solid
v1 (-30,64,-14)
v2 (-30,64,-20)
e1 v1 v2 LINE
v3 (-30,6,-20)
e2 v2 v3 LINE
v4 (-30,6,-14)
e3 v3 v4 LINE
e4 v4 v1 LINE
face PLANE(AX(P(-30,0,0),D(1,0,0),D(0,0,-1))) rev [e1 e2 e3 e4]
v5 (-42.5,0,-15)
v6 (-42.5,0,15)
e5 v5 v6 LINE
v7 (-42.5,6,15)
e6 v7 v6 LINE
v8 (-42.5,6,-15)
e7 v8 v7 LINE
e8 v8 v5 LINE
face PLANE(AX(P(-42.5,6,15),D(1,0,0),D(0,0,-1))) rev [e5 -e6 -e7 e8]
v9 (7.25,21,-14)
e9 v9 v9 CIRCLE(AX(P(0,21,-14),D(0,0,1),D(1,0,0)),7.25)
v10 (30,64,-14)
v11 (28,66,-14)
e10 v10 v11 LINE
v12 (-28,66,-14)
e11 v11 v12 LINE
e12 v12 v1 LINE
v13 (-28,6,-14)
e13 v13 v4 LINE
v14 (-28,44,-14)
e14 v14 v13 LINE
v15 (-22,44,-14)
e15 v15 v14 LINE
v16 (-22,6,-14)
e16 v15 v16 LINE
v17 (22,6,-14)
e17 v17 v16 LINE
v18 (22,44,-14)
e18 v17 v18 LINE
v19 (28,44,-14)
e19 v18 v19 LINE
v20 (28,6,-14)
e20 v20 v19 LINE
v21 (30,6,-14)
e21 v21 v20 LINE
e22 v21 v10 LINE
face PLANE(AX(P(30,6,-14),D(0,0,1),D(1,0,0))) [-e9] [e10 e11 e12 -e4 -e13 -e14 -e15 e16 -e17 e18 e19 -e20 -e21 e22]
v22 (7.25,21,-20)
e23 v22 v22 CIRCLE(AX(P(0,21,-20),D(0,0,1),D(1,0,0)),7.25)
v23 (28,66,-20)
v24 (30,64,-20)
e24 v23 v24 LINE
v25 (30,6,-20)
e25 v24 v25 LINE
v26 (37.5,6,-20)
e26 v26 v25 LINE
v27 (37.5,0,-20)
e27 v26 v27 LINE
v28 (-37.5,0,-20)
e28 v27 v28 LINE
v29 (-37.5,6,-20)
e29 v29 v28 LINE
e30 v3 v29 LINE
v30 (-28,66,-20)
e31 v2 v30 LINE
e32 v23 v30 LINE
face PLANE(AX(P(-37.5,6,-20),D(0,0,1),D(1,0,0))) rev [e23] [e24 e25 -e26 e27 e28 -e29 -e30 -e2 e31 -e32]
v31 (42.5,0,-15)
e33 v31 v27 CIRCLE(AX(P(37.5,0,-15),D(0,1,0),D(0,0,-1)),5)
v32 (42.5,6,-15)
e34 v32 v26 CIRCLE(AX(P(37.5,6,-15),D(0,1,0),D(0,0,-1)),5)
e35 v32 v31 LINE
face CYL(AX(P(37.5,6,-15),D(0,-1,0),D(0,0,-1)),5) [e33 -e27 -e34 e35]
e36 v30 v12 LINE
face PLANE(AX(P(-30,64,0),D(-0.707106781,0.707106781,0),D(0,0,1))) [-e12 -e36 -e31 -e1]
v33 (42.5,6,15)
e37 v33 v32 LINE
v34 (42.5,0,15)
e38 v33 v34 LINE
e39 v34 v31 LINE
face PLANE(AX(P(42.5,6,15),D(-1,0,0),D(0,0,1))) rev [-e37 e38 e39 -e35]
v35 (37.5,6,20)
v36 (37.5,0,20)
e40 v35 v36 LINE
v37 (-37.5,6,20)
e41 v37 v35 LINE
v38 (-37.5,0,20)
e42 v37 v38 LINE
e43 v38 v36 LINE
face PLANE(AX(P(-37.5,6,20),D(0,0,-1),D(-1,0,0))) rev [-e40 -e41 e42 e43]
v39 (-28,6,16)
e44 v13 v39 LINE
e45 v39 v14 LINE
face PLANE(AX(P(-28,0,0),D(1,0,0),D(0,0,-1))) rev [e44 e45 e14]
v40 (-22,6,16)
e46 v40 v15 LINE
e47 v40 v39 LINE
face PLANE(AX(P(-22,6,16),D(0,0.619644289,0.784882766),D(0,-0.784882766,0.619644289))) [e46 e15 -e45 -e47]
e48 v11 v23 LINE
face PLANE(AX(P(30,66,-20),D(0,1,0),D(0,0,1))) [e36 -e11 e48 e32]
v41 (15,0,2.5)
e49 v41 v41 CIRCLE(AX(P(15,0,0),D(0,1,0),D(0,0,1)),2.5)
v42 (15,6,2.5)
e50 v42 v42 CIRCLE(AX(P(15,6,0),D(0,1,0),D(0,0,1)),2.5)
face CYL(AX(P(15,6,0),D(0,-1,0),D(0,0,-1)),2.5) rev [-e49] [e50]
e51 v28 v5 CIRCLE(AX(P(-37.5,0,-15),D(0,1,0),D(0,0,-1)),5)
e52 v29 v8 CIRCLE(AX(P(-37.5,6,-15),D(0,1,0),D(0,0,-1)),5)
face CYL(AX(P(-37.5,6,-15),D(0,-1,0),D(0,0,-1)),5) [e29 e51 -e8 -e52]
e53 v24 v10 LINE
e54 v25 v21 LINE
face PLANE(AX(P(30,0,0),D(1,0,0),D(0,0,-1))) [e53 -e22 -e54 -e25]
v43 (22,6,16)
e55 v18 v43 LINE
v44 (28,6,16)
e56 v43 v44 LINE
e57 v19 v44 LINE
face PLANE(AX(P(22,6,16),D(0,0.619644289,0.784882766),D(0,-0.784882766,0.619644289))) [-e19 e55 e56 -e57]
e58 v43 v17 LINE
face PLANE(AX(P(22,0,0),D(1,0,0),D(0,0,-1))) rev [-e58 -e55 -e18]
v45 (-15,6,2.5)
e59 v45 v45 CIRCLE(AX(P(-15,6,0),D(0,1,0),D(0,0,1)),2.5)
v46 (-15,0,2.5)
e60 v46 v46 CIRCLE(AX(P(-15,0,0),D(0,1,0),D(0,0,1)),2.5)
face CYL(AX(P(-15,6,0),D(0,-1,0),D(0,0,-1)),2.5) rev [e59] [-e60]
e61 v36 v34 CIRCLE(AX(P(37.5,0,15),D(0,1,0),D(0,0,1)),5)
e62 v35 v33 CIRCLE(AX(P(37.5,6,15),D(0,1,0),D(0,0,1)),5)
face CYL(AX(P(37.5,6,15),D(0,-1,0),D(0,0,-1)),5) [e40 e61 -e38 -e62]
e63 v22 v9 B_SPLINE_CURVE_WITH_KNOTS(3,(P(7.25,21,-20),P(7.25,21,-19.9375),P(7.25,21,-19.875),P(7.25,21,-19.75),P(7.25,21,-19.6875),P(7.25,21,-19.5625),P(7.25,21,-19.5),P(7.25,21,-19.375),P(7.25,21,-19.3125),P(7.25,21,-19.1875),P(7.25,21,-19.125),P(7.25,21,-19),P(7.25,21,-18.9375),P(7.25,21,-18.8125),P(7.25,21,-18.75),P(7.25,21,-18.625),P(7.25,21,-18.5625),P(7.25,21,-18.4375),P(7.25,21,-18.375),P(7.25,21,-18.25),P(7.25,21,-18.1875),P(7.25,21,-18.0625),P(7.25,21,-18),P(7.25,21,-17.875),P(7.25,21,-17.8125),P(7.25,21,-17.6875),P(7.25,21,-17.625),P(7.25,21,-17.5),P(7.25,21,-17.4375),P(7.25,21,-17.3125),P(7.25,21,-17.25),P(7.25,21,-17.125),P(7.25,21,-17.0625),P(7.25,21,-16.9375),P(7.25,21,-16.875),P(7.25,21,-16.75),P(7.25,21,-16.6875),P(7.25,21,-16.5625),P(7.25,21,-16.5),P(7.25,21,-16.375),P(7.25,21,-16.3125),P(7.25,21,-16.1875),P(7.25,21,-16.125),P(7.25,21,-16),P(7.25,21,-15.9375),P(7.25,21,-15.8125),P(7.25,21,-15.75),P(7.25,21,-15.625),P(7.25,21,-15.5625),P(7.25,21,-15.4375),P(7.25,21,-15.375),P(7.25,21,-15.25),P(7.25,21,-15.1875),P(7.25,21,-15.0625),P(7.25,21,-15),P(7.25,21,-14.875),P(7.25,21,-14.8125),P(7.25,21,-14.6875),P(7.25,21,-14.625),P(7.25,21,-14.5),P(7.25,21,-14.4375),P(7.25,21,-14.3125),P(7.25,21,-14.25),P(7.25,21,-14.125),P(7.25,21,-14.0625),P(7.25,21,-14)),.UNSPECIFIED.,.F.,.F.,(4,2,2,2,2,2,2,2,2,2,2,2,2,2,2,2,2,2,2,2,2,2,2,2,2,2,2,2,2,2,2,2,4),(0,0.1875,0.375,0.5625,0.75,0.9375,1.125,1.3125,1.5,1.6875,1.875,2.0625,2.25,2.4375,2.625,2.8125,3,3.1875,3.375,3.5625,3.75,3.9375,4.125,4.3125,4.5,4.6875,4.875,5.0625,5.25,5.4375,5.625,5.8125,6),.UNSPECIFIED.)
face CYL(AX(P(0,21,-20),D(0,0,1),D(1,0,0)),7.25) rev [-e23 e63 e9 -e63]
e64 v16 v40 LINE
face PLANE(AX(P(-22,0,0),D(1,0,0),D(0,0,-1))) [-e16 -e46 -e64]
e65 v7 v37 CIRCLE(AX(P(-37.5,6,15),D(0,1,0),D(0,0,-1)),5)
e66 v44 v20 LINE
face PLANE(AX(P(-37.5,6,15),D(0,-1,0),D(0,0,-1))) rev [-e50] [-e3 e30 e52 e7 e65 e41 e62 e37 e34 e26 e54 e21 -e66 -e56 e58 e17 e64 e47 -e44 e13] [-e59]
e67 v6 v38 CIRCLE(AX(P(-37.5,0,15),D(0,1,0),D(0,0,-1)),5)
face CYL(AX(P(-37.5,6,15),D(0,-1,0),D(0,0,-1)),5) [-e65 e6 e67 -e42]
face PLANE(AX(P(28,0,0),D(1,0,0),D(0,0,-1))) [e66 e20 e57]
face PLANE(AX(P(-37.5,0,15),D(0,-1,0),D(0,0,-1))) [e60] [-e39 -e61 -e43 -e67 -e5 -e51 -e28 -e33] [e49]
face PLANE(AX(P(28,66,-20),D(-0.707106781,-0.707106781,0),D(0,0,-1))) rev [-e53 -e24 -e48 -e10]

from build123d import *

# Parameters (mm, degrees)
SKETCH1_R           = 2.5
BOSS_EXTRUDE1_DEPTH = 6
BOSS_EXTRUDE2_START = -12.5
SKETCH2_W           = 6
SKETCH2_H           = 60
BOSS_EXTRUDE2_DEPTH = 60
BOSS_EXTRUDE3_START = -2
BOSS_EXTRUDE3_DEPTH = 6
BOSS_EXTRUDE4_START = -2
BOSS_EXTRUDE4_DEPTH = 6
SKETCH6_R           = 7.25
CUT_EXTRUDE1_DEPTH  = 86.546770833
CHAMFER3_SIZE       = 2


with BuildPart() as part:
    # Sketch1 → Boss-Extrude1 (new body)
    with BuildSketch(Plane(origin=(0, 0, 0), x_dir=(1, 0, 0), z_dir=(0, 1, 0))):
        with BuildLine():
            Line((-37.5, -20), (37.5, -20))
            ThreePointArc((37.5, -20), (41.035533906, -18.535533906), (42.5, -15))
            Line((42.5, -15), (42.5, 15))
            ThreePointArc((42.5, 15), (41.035533906, 18.535533906), (37.5, 20))
            Line((37.5, 20), (-37.5, 20))
            ThreePointArc((-37.5, 20), (-41.035533906, 18.535533906), (-42.5, 15))
            Line((-42.5, 15), (-42.5, -15))
            ThreePointArc((-42.5, -15), (-41.035533906, -18.535533906), (-37.5, -20))
        make_face()
        with Locations(Location((-15, 0, 0), (0, 0, 270))):
            Circle(SKETCH1_R, mode=Mode.SUBTRACT)
        with Locations(Location((15, 0, 0), (0, 0, 270))):
            Circle(SKETCH1_R, mode=Mode.SUBTRACT)
    extrude(amount=BOSS_EXTRUDE1_DEPTH)

    # Sketch2 → Boss-Extrude2 (add)
    with BuildSketch(Plane.ZY.offset(42.5).offset(BOSS_EXTRUDE2_START)):
        with Locations((-17, 36)):
            Rectangle(SKETCH2_W, SKETCH2_H)
    extrude(amount=-BOSS_EXTRUDE2_DEPTH)

    # Sketch4 → Boss-Extrude3 (add)
    with BuildSketch(Plane.ZY.offset(30).offset(BOSS_EXTRUDE3_START)):
        Polygon((16, 6), (-14, 44), (-14, 6), align=None)
    extrude(amount=-BOSS_EXTRUDE3_DEPTH)

    # Sketch5 → Boss-Extrude4 (add)
    with BuildSketch(Plane(origin=(30, 0, 0), x_dir=(0, 0, -1), z_dir=(1, 0, 0)).offset(BOSS_EXTRUDE4_START)):
        Polygon((-16, 6), (14, 44), (14, 6), align=None)
    extrude(amount=-BOSS_EXTRUDE4_DEPTH)

    # Sketch6 → Cut-Extrude1 (cut, through all)
    with BuildSketch(Plane.XY.offset(-14)):
        with Locations((0, 21)):
            Circle(SKETCH6_R)
    extrude(amount=-CUT_EXTRUDE1_DEPTH, mode=Mode.SUBTRACT)

    # Chamfer3
    chamfer3_edges = [part.edges().sort_by_distance(p)[0] for p in [
        (30, 66, -17),
        (-30, 66, -17),
    ]]
    chamfer(chamfer3_edges, length=CHAMFER3_SIZE)


solid = part.part
